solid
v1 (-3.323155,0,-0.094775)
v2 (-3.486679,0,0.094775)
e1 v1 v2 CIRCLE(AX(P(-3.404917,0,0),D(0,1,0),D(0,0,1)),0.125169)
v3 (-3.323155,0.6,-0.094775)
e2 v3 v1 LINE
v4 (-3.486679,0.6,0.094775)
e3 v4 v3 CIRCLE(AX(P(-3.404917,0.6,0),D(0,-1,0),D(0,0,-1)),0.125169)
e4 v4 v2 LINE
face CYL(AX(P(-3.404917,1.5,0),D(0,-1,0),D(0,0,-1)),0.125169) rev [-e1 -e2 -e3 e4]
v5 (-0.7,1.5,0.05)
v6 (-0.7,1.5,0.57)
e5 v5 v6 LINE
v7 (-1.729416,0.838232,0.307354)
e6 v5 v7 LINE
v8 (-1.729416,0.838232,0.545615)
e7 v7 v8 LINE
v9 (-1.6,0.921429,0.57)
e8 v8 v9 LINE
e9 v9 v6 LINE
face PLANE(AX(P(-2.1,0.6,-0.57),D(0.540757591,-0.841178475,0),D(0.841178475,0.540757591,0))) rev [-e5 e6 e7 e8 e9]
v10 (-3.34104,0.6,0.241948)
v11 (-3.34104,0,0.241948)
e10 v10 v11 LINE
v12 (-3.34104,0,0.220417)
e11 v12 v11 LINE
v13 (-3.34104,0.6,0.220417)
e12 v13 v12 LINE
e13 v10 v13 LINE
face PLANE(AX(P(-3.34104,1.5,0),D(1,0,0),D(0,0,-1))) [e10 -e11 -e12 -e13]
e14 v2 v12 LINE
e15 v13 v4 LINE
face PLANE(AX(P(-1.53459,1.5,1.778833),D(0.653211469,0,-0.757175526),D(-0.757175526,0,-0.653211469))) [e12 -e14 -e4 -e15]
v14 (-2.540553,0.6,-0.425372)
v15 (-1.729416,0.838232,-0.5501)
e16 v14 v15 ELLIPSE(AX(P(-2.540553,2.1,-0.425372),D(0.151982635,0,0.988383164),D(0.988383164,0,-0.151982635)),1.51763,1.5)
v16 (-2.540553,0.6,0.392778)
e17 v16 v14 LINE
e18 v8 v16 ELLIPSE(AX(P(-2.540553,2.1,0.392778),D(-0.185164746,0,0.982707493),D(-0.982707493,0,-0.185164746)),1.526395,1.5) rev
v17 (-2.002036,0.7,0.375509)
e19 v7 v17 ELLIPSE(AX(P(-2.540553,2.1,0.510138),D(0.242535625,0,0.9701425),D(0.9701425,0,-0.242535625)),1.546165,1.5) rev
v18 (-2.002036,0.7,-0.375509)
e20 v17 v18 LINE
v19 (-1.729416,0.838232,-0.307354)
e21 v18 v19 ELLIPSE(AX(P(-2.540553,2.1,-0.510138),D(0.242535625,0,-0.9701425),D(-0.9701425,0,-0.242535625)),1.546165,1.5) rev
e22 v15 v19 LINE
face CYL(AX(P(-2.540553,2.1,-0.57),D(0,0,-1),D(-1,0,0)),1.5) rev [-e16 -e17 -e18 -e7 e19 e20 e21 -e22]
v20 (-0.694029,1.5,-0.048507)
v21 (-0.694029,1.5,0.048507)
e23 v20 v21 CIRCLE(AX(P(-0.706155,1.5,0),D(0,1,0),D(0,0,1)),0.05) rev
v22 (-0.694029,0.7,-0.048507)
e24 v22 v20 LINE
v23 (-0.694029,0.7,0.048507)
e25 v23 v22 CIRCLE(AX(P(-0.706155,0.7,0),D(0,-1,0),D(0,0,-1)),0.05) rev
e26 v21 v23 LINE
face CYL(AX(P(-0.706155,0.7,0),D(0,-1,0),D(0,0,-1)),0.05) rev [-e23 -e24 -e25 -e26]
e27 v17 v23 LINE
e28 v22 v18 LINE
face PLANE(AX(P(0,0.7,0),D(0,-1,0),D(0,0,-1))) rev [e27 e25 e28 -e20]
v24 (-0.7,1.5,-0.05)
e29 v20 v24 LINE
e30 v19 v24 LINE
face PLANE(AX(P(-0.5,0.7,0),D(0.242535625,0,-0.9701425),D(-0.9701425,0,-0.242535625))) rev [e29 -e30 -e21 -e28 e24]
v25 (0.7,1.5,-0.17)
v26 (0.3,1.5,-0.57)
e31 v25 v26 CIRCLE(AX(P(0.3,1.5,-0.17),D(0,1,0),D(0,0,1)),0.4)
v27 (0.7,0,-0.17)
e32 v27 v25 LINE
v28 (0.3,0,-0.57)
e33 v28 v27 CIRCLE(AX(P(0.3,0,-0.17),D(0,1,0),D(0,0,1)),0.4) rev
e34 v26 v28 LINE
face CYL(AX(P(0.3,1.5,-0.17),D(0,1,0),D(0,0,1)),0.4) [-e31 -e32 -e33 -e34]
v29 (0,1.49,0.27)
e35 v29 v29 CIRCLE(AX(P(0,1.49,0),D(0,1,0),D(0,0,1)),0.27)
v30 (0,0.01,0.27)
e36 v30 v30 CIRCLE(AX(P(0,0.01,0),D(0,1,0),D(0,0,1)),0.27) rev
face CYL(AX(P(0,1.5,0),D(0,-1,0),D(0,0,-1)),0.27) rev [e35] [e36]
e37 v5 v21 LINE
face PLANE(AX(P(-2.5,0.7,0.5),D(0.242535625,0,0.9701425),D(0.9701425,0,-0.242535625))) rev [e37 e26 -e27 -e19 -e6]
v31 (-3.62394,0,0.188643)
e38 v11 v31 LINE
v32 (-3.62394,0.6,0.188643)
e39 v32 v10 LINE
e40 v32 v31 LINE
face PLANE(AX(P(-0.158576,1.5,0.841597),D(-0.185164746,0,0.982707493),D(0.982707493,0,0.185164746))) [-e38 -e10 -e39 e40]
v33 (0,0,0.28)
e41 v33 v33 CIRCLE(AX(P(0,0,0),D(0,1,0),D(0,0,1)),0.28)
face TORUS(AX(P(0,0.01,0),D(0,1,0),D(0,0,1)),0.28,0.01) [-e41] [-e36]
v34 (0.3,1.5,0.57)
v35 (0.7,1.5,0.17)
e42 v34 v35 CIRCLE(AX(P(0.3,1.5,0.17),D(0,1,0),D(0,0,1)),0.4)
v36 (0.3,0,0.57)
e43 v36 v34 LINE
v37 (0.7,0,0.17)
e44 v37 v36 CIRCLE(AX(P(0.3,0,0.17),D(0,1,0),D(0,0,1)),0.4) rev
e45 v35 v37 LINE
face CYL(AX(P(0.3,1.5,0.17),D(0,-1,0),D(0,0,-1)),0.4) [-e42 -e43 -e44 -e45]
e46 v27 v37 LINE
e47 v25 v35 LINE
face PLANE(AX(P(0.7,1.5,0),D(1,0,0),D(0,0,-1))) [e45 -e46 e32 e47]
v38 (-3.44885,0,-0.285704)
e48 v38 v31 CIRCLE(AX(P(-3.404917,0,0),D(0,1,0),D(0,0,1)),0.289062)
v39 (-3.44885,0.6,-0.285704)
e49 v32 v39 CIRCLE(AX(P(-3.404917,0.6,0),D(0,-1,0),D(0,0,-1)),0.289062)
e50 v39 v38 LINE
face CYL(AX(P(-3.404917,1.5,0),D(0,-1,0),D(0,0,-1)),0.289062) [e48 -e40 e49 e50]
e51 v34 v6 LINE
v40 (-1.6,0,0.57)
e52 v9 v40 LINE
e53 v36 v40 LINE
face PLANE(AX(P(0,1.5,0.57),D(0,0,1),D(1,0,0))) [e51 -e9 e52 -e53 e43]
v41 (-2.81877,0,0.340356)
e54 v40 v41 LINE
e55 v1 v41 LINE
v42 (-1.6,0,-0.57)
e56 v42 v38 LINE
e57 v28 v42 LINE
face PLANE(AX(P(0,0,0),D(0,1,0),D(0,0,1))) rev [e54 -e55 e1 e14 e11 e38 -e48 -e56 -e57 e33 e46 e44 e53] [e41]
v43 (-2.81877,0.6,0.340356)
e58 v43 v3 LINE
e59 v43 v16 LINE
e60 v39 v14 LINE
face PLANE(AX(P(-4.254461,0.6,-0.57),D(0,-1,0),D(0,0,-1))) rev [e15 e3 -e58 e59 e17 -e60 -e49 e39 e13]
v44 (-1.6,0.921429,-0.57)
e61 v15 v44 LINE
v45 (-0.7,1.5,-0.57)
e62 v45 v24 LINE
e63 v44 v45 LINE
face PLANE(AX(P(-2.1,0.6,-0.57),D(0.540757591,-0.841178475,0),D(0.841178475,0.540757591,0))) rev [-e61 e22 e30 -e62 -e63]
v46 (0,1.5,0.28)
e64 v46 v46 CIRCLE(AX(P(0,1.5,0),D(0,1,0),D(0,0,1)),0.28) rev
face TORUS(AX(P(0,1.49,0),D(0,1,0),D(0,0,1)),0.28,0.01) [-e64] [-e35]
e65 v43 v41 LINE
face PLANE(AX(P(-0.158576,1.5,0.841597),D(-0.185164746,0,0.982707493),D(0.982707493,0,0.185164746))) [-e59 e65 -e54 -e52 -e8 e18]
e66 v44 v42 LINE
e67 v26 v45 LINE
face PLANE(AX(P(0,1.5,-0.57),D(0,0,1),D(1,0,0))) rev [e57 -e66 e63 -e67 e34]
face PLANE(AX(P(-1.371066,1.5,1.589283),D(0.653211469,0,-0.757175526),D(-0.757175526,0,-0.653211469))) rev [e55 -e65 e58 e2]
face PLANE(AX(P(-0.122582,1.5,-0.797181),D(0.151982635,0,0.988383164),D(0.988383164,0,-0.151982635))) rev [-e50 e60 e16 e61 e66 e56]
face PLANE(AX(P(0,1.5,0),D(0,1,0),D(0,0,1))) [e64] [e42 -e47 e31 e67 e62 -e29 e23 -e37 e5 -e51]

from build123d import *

# Parameters (mm, degrees)
SKETCH1_R               = 0.27
BOSS_EXTRUDE1_DEPTH     = 1.5
CUT_EXTRUDE1_DEPTH      = 1.57
CUT_EXTRUDE1_DEPTH_BACK = 1.57
FILLET1_R               = 0.01
FILLET2_R               = 1.5
FILLET3_R               = 0.4
CUT_EXTRUDE2_DEPTH      = 0.8
FILLET4_R               = 0.05


with BuildPart() as part:
    # Sketch1 → Boss-Extrude1 (new body)
    with BuildSketch(Plane(origin=(0, 0, 0), x_dir=(1, 0, 0), z_dir=(0, 1, 0))):
        with BuildLine():
            Line((0.7, -0.57), (0.7, 0.57))
            Line((0.7, 0.57), (-1.6, 0.57))
            Line((-1.6, 0.57), (-3.448849779, 0.285704322))
            ThreePointArc((-3.448849779, 0.285704322), (-3.676095639, 0.10009665), (-3.623939692, -0.188643104))
            Line((-3.623939692, -0.188643104), (-3.34104042, -0.241947849))
            Line((-3.34104042, -0.241947849), (-3.34104042, -0.220416717))
            Line((-3.34104042, -0.220416717), (-3.486679159, -0.094774919))
            ThreePointArc((-3.486679159, -0.094774919), (-3.499692238, 0.08176184), (-3.323155479, 0.094774919))
            Line((-3.323155479, 0.094774919), (-2.818770339, -0.340355572))
            Line((-2.818770339, -0.340355572), (-1.6, -0.57))
            Line((-1.6, -0.57), (0.7, -0.57))
        make_face()
        Circle(SKETCH1_R, mode=Mode.SUBTRACT)
    extrude(amount=BOSS_EXTRUDE1_DEPTH)

    # Sketch2 → Cut-Extrude1 (cut, two sides)
    with BuildSketch(Plane.XY) as cut_extrude1_sk:
        Polygon((-4.254461252, 0.6), (-2.1, 0.6), (-0.7, 1.5), (-4.254461252, 1.5), align=None)
    extrude(amount=CUT_EXTRUDE1_DEPTH, mode=Mode.SUBTRACT)
    extrude(cut_extrude1_sk.sketch, amount=-CUT_EXTRUDE1_DEPTH_BACK, mode=Mode.SUBTRACT)

    # Fillet1
    fillet1_edges = [part.edges().sort_by_distance(p)[0] for p in [
        (-0.27, 0, 0),
        (-0.27, 1.5, 0),
    ]]
    fillet(fillet1_edges, radius=FILLET1_R)

    # Fillet2
    fillet2_edges = [part.edges().sort_by_distance(p)[0] for p in [
        (-2.1, 0.6, -0.008663527),
    ]]
    fillet(fillet2_edges, radius=FILLET2_R)

    # Fillet3
    fillet3_edges = [part.edges().sort_by_distance(p)[0] for p in [
        (0.7, 0.75, -0.57),
        (0.7, 0.75, 0.57),
    ]]
    fillet(fillet3_edges, radius=FILLET3_R)

    # Sketch4 → Cut-Extrude2 (cut)
    with BuildSketch(Plane(origin=(0, 1.5, 0), x_dir=(1, 0, 0), z_dir=(0, 1, 0))):
        Polygon((-0.5, 0), (-2.5, 0.5), (-2.5, -0.5), align=None)
    extrude(amount=-CUT_EXTRUDE2_DEPTH, mode=Mode.SUBTRACT)

    # Fillet4
    fillet4_edges = [part.edges().sort_by_distance(p)[0] for p in [
        (-0.5, 1.1, 0),
    ]]
    fillet(fillet4_edges, radius=FILLET4_R)


solid = part.part
